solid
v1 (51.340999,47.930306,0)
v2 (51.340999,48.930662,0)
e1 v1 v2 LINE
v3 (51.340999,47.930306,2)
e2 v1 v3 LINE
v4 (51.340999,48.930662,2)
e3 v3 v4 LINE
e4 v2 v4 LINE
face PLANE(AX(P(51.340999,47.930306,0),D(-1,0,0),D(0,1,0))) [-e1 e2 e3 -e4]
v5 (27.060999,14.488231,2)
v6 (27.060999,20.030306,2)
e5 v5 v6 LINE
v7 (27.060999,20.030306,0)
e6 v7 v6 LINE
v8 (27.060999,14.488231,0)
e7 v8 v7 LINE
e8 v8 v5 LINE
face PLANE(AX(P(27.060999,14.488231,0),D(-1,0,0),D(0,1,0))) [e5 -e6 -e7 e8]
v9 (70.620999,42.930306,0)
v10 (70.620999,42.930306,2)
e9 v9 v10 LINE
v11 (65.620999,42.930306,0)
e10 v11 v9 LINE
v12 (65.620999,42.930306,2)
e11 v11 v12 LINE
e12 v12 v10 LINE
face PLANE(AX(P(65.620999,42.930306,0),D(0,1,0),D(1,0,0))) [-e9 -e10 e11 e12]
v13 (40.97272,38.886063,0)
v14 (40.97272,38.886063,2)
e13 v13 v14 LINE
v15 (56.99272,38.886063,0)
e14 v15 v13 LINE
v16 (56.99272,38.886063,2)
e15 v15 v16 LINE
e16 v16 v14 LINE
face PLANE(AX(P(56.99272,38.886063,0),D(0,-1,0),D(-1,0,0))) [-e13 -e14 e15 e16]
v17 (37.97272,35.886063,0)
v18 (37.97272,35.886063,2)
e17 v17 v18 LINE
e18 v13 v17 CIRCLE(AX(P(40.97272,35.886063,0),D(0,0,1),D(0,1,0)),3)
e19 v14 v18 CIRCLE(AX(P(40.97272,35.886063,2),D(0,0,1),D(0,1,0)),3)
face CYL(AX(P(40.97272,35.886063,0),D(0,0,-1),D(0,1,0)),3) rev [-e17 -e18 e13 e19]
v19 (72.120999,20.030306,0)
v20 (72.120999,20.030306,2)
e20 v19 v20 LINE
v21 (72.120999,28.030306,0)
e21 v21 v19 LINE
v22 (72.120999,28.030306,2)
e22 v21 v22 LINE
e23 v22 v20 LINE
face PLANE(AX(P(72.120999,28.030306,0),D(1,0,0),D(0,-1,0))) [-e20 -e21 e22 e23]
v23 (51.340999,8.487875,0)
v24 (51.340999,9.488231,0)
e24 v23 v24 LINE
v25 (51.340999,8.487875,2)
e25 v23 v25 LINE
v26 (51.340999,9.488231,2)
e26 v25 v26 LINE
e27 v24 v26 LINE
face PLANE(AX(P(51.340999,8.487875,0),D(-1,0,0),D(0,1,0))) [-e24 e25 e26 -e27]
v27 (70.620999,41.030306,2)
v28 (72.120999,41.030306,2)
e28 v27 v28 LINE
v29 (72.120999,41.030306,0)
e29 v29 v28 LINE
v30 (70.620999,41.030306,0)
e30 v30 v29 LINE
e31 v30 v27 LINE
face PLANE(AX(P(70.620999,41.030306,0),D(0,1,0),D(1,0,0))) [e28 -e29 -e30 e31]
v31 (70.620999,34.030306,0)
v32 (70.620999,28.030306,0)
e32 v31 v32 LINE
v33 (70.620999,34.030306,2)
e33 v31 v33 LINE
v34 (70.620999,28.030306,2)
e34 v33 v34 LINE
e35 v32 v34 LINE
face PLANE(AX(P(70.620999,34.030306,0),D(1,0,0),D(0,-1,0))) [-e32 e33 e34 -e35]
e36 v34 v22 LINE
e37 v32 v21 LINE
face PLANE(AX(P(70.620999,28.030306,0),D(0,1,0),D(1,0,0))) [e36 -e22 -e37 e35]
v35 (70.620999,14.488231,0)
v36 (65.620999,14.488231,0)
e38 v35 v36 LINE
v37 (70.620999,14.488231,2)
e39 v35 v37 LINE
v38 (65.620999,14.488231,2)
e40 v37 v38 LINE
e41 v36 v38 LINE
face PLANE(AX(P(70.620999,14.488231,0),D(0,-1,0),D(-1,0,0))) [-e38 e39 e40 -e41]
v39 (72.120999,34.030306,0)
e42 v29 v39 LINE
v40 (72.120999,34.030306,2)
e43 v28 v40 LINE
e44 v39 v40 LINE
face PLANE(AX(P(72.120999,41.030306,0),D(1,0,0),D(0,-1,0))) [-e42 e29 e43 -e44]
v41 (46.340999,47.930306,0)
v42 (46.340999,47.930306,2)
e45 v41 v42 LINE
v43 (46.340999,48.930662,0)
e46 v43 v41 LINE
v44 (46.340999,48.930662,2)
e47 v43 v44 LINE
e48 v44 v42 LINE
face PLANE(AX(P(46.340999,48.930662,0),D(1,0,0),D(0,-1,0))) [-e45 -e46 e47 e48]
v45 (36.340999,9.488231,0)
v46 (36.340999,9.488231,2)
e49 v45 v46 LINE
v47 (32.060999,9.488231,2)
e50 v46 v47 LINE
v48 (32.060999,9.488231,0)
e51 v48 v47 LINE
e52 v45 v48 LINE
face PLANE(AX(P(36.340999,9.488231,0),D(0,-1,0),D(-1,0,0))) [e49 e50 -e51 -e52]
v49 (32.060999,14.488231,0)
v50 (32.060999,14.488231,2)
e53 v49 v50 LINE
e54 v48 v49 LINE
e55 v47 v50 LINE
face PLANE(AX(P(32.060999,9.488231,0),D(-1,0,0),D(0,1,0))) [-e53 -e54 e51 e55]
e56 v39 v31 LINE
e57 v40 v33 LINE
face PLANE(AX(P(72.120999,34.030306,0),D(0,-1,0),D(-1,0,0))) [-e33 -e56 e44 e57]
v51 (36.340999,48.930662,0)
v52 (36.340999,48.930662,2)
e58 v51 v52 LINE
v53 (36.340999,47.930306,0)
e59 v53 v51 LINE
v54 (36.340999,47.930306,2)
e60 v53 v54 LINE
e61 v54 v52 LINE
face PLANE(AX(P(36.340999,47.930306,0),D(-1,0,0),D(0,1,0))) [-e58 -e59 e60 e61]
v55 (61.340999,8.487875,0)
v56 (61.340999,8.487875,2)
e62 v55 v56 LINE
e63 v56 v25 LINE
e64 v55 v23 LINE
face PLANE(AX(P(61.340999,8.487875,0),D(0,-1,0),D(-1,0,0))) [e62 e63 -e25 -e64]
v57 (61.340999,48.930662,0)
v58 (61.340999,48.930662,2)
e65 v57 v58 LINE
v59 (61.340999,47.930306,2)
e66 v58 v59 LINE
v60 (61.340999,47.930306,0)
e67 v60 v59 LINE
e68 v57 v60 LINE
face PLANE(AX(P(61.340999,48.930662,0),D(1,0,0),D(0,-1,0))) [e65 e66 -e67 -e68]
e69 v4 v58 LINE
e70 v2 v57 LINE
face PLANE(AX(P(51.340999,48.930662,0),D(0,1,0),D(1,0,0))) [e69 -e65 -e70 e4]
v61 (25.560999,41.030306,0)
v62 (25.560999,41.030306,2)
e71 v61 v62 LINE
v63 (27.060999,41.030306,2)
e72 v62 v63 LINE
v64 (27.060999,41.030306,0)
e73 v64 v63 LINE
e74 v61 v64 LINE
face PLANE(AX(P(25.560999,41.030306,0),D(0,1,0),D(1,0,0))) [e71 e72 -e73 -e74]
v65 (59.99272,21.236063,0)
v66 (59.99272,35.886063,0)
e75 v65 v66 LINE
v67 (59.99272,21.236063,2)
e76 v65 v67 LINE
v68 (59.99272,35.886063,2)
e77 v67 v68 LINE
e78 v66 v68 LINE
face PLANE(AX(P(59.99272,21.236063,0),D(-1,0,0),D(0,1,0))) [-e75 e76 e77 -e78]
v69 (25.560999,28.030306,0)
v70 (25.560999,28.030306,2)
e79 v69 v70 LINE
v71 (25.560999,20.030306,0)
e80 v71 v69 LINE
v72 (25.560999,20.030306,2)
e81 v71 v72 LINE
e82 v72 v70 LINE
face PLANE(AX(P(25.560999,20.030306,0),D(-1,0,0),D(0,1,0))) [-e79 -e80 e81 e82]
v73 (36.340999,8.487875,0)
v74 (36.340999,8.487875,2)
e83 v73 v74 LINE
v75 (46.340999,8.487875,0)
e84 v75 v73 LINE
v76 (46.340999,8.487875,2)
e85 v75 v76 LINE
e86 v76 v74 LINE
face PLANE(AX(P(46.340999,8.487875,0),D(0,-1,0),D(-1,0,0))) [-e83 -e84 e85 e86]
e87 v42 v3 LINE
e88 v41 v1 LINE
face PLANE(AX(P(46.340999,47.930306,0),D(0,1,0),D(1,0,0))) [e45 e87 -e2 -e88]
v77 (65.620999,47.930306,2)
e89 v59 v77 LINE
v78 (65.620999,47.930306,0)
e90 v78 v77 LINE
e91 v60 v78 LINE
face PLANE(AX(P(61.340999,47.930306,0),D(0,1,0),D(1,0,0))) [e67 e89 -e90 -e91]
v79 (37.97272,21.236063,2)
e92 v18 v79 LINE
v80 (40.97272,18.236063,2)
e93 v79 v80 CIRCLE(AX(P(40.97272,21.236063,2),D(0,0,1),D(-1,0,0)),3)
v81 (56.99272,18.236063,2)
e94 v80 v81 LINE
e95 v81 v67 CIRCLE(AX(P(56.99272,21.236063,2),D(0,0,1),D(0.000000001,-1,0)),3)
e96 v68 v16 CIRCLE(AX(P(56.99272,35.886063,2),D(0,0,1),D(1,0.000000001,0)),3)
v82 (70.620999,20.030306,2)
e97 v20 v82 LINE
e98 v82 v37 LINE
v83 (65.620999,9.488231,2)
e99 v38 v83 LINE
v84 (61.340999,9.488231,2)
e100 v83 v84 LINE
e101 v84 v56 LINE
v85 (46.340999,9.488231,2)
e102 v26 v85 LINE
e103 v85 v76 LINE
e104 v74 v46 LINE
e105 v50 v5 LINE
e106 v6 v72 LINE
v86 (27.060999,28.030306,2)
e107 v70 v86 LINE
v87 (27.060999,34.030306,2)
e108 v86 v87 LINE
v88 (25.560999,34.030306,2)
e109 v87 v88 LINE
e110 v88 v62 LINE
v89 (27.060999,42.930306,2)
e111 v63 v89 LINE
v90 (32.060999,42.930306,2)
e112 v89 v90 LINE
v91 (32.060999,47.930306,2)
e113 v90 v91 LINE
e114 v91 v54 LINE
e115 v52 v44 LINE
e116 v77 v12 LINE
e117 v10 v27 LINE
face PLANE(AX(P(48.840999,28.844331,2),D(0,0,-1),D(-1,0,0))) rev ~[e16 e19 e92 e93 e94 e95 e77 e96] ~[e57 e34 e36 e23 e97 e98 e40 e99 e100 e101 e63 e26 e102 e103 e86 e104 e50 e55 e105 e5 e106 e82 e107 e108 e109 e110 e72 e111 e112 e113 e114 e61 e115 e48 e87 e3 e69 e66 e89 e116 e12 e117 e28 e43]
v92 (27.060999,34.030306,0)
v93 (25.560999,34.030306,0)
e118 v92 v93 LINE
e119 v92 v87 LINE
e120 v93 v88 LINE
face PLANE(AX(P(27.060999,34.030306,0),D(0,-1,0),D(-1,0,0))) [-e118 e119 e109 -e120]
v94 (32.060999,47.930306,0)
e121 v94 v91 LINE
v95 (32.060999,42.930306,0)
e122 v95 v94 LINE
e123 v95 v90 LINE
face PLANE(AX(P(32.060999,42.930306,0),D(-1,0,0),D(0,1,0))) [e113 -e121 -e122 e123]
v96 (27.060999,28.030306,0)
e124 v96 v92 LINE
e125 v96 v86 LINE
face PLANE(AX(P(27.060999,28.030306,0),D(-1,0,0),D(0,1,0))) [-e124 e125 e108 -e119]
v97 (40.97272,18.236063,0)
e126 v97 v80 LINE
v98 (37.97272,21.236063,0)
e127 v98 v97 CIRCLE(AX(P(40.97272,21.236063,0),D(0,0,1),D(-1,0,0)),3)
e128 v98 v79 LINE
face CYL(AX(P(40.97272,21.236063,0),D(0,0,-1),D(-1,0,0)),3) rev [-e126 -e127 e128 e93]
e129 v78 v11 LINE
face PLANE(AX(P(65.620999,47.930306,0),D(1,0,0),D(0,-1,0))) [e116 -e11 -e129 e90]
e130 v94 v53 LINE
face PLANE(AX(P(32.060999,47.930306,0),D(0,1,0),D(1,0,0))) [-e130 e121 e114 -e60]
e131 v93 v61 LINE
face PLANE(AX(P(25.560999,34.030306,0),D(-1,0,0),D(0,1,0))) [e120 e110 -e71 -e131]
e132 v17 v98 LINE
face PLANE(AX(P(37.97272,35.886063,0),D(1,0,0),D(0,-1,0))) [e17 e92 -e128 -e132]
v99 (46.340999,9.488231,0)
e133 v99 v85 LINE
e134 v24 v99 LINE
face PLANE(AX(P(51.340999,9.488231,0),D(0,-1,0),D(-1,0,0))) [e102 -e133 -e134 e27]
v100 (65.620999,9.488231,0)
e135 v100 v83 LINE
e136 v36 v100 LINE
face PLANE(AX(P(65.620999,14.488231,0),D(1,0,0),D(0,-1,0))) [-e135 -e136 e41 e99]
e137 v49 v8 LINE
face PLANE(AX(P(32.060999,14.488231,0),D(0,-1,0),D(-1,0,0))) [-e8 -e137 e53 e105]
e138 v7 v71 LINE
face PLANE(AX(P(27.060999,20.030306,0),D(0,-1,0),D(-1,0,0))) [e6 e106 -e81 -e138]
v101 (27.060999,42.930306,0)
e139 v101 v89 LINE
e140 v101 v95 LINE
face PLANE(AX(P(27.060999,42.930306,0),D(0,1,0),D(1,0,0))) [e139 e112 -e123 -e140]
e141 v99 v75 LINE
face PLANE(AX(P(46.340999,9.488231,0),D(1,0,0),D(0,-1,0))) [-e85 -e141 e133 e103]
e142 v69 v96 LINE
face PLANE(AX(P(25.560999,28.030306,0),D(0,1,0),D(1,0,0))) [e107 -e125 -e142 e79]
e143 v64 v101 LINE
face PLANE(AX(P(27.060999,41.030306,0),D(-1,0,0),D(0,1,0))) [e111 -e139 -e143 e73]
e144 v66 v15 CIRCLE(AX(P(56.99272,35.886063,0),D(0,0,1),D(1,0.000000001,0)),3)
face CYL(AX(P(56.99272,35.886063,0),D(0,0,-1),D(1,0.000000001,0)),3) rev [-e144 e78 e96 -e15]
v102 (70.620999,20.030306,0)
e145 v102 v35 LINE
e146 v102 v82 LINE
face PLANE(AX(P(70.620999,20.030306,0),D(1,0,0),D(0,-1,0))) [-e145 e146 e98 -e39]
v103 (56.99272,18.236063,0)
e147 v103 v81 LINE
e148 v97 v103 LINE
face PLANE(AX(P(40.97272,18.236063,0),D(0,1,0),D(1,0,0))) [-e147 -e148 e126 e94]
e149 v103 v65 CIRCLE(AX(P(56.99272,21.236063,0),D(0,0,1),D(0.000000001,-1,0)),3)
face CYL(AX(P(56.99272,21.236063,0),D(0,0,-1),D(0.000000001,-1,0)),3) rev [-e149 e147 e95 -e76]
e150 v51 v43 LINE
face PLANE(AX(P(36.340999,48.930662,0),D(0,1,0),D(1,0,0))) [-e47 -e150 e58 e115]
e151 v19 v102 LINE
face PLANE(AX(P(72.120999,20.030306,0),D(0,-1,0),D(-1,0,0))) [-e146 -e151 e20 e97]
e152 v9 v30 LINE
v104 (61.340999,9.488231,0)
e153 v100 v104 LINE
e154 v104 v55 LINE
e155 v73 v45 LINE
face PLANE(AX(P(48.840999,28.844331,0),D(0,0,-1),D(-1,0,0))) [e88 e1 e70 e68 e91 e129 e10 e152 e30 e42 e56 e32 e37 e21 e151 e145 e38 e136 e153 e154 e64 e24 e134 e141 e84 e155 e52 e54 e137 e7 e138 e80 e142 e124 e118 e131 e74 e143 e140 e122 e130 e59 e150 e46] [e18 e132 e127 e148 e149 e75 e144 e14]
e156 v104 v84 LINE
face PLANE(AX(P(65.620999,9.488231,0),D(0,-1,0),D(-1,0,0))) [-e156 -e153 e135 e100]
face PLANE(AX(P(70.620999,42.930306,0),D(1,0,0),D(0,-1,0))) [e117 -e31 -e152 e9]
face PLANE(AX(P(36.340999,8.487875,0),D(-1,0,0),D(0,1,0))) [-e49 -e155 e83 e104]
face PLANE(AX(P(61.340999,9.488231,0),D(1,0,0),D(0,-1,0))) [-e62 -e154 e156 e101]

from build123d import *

# Parameters (mm, degrees)
EXTRUDE_1_DEPTH = 2


with BuildPart() as part:
    # Model → 凸台-拉伸1 (new body)
    with BuildSketch(Plane.XY):
        Polygon((32.060999065, 47.930306361), (36.340999065, 47.930306361), (36.340999065, 48.930662067), (46.340999065, 48.930662067), (46.340999065, 47.930306361), (51.340999065, 47.930306361), (51.340999065, 48.930662067), (61.340999065, 48.930662067), (61.340999065, 47.930306361), (65.620999065, 47.930306361), (65.620999065, 42.930306361), (70.620999065, 42.930306361), (70.620999065, 41.030306361), (72.120999065, 41.030306361), (72.120999065, 34.030306361), (70.620999065, 34.030306361), (70.620999065, 28.030306361), (72.120999065, 28.030306361), (72.120999065, 20.030306361), (70.620999065, 20.030306361), (70.620999065, 14.488230775), (65.620999065, 14.488230775), (65.620999065, 9.488230775), (61.340999065, 9.488230775), (61.340999065, 8.487875069), (51.340999065, 8.487875069), (51.340999065, 9.488230775), (46.340999065, 9.488230775), (46.340999065, 8.487875069), (36.340999065, 8.487875069), (36.340999065, 9.488230775), (32.060999065, 9.488230775), (32.060999065, 14.488230775), (27.060999065, 14.488230775), (27.060999065, 20.030306361), (25.560999065, 20.030306361), (25.560999065, 28.030306361), (27.060999065, 28.030306361), (27.060999065, 34.030306361), (25.560999065, 34.030306361), (25.560999065, 41.030306361), (27.060999065, 41.030306361), (27.060999065, 42.930306361), (32.060999065, 42.930306361), align=None)
        with BuildLine():
            Line((56.992719614, 38.886063343), (40.972719614, 38.886063343))
            ThreePointArc((40.972719614, 38.886063343), (38.85139927, 38.007383686), (37.972719614, 35.886063343))
            Line((37.972719614, 35.886063343), (37.972719614, 21.236063342))
            ThreePointArc((37.972719614, 21.236063342), (38.85139927, 19.114742999), (40.972719614, 18.236063342))
            Line((40.972719614, 18.236063342), (56.992719614, 18.236063342))
            ThreePointArc((56.992719614, 18.236063342), (59.114039957, 19.114742999), (59.992719614, 21.236063342))
            Line((59.992719614, 21.236063342), (59.992719614, 35.886063343))
            ThreePointArc((59.992719614, 35.886063343), (59.114039957, 38.007383686), (56.992719614, 38.886063343))
        make_face(mode=Mode.SUBTRACT)
    extrude(amount=EXTRUDE_1_DEPTH)


solid = part.part
